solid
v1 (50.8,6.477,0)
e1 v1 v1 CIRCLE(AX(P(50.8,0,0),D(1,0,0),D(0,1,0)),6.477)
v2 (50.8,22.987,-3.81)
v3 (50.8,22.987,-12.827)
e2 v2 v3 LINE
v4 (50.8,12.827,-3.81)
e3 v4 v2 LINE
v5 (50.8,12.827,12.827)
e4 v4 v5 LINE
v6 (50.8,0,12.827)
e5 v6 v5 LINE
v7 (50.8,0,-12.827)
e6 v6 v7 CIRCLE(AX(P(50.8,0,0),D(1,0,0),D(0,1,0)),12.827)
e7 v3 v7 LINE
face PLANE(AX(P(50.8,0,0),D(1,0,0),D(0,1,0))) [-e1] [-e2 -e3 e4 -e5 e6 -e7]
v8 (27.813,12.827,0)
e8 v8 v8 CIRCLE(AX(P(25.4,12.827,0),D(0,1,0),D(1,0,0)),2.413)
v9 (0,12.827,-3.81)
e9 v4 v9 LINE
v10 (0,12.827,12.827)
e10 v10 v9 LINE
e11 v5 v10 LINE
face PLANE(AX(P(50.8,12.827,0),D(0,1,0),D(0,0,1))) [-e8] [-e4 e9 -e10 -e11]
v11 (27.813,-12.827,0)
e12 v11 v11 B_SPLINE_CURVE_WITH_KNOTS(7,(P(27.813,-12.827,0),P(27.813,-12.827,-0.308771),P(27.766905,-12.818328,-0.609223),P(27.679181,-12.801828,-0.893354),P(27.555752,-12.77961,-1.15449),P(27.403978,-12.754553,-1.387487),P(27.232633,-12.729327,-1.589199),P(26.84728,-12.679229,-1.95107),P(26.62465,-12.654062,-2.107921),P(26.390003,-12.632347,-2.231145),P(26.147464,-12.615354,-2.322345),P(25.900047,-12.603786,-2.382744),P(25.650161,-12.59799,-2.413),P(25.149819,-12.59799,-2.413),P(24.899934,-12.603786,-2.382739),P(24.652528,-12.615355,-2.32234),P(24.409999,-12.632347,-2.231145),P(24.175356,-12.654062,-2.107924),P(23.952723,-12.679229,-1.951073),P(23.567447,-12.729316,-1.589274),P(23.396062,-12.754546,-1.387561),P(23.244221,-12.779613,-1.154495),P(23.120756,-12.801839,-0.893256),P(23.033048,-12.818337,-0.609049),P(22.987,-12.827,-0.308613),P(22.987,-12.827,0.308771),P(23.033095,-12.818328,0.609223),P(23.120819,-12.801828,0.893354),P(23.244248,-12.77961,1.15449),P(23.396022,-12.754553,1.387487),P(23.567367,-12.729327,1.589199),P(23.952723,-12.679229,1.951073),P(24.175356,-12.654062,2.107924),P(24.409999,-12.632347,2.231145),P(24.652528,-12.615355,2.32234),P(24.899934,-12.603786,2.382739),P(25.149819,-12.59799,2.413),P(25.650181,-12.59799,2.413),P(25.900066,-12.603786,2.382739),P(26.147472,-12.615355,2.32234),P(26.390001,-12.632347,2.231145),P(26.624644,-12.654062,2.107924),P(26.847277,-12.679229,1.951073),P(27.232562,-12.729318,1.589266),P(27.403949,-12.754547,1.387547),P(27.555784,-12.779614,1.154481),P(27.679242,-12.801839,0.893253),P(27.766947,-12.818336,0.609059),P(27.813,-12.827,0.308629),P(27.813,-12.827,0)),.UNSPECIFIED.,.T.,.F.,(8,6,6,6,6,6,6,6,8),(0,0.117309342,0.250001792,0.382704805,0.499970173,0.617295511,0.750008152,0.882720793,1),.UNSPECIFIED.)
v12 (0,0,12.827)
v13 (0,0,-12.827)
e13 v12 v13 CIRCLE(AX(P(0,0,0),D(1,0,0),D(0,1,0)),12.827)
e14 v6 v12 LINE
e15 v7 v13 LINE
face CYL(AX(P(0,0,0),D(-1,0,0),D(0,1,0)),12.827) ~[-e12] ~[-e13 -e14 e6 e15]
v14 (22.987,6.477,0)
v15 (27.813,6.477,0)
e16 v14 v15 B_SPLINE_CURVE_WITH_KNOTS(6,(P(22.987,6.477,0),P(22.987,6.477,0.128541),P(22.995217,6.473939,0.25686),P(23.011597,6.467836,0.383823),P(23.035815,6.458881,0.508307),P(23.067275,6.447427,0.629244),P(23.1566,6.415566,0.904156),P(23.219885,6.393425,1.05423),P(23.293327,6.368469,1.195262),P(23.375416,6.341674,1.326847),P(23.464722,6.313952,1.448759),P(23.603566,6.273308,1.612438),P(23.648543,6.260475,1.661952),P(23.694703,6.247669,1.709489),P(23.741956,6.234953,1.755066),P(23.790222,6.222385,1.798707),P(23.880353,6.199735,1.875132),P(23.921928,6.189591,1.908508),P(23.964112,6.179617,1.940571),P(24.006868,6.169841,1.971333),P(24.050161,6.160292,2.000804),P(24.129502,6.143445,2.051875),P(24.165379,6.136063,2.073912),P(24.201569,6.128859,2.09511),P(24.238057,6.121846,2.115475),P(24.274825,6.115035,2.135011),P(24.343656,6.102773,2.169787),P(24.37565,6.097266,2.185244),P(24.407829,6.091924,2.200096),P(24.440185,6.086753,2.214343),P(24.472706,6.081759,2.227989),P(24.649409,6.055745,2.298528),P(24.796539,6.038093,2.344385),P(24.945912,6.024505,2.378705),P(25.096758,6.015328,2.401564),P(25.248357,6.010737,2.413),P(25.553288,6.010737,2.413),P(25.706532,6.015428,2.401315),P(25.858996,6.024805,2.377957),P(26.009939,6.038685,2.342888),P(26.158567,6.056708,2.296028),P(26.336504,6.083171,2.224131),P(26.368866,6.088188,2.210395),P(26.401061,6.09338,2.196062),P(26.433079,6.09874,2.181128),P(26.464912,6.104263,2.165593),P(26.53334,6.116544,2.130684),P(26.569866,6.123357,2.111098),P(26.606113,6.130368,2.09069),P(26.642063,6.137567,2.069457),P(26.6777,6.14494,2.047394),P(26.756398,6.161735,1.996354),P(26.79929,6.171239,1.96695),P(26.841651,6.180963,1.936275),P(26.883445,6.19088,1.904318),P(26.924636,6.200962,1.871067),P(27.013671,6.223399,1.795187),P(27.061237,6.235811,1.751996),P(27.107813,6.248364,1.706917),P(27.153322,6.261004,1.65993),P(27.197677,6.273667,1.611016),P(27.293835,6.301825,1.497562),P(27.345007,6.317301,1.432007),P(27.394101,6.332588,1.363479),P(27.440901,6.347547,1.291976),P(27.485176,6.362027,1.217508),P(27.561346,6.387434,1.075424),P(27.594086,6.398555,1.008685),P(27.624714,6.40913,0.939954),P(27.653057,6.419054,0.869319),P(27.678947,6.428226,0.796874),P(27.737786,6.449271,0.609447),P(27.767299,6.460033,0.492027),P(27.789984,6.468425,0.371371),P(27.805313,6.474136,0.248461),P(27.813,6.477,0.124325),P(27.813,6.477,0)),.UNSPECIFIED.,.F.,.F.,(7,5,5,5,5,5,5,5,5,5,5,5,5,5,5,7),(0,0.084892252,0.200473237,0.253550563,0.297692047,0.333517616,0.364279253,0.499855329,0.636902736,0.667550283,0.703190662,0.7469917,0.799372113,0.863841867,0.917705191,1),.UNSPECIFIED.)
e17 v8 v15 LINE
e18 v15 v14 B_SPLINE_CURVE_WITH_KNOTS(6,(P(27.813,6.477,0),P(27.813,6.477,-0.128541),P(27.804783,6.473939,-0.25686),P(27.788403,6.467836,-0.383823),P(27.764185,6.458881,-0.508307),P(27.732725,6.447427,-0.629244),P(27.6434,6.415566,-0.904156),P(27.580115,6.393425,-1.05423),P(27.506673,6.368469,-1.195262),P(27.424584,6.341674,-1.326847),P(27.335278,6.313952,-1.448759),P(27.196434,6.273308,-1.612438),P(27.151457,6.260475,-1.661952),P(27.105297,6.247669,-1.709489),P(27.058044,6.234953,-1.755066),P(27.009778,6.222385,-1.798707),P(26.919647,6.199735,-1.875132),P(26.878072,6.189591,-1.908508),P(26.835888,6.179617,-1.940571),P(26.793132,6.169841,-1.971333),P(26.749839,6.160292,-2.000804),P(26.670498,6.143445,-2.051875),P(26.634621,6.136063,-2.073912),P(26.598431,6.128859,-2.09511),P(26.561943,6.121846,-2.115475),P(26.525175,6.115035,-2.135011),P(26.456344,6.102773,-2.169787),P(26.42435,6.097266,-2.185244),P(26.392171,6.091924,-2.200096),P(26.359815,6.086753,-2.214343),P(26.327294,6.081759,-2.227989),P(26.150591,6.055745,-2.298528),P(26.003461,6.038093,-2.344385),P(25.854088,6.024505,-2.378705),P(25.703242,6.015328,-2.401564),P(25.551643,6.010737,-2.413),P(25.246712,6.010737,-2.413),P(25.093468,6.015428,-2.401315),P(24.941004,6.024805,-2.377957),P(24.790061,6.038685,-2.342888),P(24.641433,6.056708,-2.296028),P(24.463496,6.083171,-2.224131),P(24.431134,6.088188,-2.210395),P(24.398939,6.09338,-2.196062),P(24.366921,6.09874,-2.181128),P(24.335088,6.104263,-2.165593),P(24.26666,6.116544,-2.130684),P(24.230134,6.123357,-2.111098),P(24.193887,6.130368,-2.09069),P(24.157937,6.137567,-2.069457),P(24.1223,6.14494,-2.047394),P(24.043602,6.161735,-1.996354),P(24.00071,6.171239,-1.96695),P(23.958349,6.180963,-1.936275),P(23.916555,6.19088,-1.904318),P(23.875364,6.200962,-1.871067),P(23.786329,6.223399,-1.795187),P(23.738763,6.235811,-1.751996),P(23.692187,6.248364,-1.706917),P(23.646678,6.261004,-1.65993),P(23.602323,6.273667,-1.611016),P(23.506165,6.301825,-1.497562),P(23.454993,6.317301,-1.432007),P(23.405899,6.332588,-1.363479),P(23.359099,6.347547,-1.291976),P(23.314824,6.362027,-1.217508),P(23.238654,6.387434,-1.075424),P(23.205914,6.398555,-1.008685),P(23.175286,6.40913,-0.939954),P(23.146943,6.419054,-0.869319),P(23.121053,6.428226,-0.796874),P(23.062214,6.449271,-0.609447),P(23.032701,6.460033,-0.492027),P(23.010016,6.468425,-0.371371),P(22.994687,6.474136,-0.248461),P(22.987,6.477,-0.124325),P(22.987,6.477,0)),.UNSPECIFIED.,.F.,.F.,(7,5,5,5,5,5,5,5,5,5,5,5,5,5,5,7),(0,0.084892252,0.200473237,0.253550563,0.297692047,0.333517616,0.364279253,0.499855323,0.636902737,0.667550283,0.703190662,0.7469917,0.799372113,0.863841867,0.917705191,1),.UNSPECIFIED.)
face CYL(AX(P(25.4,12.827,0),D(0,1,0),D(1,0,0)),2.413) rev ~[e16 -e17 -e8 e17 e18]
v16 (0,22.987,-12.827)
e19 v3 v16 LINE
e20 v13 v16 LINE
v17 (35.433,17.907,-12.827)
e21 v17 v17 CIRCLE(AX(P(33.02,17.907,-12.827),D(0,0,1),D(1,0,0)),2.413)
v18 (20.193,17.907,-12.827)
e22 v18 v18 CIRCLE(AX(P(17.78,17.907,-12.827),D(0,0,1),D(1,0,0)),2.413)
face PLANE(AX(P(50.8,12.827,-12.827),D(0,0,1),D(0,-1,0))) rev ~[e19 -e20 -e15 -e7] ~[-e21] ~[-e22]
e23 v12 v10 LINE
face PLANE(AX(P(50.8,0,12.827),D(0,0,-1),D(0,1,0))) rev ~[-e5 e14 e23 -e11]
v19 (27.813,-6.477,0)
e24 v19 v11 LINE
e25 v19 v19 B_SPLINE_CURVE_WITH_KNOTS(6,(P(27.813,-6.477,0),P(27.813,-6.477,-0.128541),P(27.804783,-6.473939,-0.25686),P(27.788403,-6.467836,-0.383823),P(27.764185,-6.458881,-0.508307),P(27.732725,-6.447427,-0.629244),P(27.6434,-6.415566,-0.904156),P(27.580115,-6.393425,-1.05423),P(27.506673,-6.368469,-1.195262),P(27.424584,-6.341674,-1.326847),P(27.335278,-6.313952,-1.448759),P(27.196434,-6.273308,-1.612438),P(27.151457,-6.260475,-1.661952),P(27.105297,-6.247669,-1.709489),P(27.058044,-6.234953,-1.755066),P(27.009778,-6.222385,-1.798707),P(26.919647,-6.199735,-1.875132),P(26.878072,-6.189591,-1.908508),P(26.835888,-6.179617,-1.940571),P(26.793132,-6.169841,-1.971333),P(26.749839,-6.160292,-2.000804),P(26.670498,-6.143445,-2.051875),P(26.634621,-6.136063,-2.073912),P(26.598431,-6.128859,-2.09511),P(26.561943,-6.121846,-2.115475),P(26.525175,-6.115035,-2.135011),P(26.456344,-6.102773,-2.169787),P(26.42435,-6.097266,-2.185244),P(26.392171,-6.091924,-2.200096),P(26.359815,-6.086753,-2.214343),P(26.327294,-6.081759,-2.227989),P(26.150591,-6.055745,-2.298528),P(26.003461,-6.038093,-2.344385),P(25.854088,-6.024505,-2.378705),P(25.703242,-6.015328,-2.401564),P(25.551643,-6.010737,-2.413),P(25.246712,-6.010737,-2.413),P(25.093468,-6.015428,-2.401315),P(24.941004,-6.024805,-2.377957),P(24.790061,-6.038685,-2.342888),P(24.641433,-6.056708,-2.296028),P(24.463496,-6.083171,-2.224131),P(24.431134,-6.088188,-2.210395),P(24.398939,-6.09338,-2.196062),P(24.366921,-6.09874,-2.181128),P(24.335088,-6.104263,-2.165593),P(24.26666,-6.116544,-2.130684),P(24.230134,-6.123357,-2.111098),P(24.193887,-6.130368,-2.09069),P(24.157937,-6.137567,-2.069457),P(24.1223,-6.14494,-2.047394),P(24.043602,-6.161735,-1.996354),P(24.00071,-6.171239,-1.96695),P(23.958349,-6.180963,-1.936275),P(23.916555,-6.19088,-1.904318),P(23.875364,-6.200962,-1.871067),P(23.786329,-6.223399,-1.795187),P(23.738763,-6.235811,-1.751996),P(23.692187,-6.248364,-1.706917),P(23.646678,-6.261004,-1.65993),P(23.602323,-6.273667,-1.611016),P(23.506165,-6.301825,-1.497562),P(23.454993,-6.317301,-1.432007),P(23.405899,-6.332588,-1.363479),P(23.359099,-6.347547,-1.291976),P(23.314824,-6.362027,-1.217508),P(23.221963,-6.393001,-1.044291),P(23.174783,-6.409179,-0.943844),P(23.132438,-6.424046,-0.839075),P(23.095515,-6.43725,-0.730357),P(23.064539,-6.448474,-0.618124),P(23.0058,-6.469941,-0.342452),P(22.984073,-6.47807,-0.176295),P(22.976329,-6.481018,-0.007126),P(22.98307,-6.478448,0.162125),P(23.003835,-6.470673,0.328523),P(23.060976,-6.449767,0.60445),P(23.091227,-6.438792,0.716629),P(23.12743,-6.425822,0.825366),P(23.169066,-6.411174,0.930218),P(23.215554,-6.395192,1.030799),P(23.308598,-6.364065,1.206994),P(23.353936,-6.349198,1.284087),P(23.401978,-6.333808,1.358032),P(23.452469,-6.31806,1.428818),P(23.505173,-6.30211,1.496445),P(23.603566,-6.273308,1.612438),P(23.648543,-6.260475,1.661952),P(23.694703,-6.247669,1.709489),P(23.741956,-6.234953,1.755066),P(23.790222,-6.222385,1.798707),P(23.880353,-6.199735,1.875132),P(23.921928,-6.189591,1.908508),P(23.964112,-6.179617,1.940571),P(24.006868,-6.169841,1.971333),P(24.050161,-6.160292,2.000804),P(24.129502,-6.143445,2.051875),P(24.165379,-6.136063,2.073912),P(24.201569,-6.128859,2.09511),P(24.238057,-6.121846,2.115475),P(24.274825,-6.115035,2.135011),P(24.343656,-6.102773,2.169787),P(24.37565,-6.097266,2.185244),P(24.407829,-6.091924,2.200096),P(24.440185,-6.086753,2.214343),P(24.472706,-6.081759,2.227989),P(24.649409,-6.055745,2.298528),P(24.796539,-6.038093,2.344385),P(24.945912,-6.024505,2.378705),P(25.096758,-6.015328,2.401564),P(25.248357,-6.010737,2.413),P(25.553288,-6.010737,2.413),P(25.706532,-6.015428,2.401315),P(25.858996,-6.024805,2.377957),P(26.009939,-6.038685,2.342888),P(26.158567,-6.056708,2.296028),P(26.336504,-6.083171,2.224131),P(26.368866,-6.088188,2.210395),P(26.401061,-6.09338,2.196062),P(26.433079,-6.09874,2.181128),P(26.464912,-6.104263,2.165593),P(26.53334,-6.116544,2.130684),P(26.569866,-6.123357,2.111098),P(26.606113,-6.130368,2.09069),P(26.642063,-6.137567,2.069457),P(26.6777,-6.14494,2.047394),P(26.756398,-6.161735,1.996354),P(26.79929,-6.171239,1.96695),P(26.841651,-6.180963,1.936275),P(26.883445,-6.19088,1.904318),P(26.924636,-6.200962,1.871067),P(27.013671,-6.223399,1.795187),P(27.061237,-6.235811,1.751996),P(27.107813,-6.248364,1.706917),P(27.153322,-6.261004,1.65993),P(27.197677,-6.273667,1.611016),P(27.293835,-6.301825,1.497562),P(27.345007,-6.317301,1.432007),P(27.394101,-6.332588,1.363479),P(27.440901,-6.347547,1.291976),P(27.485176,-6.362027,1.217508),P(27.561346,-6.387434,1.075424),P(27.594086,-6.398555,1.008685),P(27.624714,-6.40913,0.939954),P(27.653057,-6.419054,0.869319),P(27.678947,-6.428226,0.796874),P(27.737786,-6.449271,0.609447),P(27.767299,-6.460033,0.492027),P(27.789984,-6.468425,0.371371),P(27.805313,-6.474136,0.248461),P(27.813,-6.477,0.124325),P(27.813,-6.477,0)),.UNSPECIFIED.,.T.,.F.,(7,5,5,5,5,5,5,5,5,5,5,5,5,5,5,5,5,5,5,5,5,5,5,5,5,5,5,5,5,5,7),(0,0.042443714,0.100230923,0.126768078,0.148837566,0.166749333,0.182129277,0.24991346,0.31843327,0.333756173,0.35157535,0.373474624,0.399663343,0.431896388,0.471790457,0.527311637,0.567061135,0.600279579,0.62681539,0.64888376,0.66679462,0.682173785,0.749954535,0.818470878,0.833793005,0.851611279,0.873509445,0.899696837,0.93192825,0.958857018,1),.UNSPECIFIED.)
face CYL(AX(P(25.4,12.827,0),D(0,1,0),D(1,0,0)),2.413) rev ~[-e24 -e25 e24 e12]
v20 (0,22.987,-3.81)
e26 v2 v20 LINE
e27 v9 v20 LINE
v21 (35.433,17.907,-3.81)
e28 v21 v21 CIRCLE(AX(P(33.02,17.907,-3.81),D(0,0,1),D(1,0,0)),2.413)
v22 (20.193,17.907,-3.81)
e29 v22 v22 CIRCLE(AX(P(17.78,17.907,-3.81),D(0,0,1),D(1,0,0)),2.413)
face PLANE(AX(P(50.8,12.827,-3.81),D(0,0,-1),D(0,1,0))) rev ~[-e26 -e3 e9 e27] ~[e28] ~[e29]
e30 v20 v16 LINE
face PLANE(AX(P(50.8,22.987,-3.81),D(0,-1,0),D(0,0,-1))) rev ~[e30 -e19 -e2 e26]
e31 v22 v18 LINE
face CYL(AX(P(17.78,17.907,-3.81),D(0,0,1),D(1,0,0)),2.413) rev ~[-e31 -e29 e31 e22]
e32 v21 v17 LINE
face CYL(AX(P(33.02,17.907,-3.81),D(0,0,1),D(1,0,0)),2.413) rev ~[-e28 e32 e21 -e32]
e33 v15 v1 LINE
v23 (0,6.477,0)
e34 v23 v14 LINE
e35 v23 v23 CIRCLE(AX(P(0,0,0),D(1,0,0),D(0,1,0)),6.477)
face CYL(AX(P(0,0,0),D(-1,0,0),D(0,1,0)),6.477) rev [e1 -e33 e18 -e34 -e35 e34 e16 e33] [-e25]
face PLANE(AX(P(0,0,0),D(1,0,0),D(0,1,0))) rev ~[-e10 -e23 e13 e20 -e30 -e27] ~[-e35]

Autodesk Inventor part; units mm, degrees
ref_plane "YZ Plane" through (0, 0, 0) normal (1, 0, 0) x (0, 1, 0)
ref_plane "XZ Plane" through (0, 0, 0) normal (0, 1, 0) x (-1, 0, 0)
ref_plane "XY Plane" through (0, 0, 0) normal (0, 0, 1) x (1, 0, 0)
sketch "Sketch1" plane through (0, 0, 0) normal (1, 0, 0) x (0, 1, 0)
  circle A0 centre (0, 0) radius 6.477
  circle A1 centre (0, 0) radius 12.827
  dimension "d0" = 12.954
  dimension "d1" = 25.654
extrude "Extrusion1" add sketch "Sketch1" along normal blind 50.8
sketch "Sketch2" plane through (50.8, 0, 0) normal (1, 0, 0) x (0, 0, -1)
  circle A0 centre (0, 0) radius 12.827 projected
  circle A1 centre (0, 0) radius 6.477 projected
  line L0 (0, 0) -> (0, 12.827) construction
  line L1 (0, 12.827) -> (-3.81, 12.827)
  arc A2 (-12.827, 0) -> (12.827, 0) centre (0, 0) ccw construction
  line L2 (0, 0) -> (12.827, 0) construction
  line L3 (0, 0) -> (-12.827, 0) construction
  line L4 (-12.827, 0) -> (-12.827, 12.827)
  line L5 (-12.827, 12.827) -> (0, 12.827)
  line L6 (12.827, 12.827) -> (12.827, 0)
  circle A3 centre (0, 0) radius 12.827 projected
  line L7 (12.827, 12.827) -> (3.81, 12.827) construction
  arc A4 (0, 12.827) -> (-12.827, 0) centre (0, 0) ccw
  arc A5 (12.827, 0) -> (0, 12.827) centre (0, 0) ccw
  line L8 (0, 12.827) -> (3.81, 12.827)
  line L9 (3.81, 12.827) -> (3.81, 22.987)
  line L10 (3.81, 22.987) -> (12.827, 22.987)
  line L11 (12.827, 22.987) -> (12.827, 12.827)
  line L12 (3.81, 12.827) -> (0, 12.827)
  point P0 (12.827, 0)
  dimension "d5" = 3.81
  dimension "d6" = 10.16
extrude "Extrusion2" add sketch "Sketch2" against normal blind 50.8 contours A0 L8 L9 L10 L11 L6 | A0 L4 L5 L1
sketch "Sketch3" plane through (50.8, 12.827, -3.81) normal (0, 0, 1) x (1, 0, 0)
  line L0 (0, 0) -> (-50.8, 0) projected
  line L1 (0, 10.16) -> (-50.8, 10.16) projected
  line L2 (-50.8, 0) -> (-50.8, 10.16) projected
  line L3 (0, 10.16) -> (0, 0) projected
  line L4 (-25.4, 10.16) -> (-25.4, 0) construction
  line L5 (-25.4, 5.08) -> (-17.78, 5.08) construction
  circle A0 centre (-17.78, 5.08) radius 2.413
  circle A1 centre (-33.02, 5.08) radius 2.413
  point P0 (-50.8, -12.827)
  dimension "d9" = 7.62
  dimension "d11" = 4.826
extrude "Extrusion3" cut sketch "Sketch3" against normal through all contours A0 | A1
sketch "Sketch4" plane through (50.8, 12.827, 12.827) normal (0, 1, 0) x (1, 0, 0)
  line L0 (0, 16.637) -> (0, 0) projected
  line L1 (0, 16.637) -> (-50.8, 16.637) projected
  line L2 (-50.8, 0) -> (-50.8, 16.637) projected
  line L3 (0, 0) -> (-50.8, 0) projected
  line L4 (-25.4, 0) -> (-25.4, 16.637) construction
  line L5 (0, 19.304) -> (0, 6.35) projected
  line L6 (0, 12.827) -> (-50.8, 12.827) construction
  circle A0 centre (-25.4, 12.827) radius 2.413
  dimension "d15" = 4.826
extrude "Extrusion4" cut sketch "Sketch4" against normal through all contours A0
properties part number "arm_to_camera"
